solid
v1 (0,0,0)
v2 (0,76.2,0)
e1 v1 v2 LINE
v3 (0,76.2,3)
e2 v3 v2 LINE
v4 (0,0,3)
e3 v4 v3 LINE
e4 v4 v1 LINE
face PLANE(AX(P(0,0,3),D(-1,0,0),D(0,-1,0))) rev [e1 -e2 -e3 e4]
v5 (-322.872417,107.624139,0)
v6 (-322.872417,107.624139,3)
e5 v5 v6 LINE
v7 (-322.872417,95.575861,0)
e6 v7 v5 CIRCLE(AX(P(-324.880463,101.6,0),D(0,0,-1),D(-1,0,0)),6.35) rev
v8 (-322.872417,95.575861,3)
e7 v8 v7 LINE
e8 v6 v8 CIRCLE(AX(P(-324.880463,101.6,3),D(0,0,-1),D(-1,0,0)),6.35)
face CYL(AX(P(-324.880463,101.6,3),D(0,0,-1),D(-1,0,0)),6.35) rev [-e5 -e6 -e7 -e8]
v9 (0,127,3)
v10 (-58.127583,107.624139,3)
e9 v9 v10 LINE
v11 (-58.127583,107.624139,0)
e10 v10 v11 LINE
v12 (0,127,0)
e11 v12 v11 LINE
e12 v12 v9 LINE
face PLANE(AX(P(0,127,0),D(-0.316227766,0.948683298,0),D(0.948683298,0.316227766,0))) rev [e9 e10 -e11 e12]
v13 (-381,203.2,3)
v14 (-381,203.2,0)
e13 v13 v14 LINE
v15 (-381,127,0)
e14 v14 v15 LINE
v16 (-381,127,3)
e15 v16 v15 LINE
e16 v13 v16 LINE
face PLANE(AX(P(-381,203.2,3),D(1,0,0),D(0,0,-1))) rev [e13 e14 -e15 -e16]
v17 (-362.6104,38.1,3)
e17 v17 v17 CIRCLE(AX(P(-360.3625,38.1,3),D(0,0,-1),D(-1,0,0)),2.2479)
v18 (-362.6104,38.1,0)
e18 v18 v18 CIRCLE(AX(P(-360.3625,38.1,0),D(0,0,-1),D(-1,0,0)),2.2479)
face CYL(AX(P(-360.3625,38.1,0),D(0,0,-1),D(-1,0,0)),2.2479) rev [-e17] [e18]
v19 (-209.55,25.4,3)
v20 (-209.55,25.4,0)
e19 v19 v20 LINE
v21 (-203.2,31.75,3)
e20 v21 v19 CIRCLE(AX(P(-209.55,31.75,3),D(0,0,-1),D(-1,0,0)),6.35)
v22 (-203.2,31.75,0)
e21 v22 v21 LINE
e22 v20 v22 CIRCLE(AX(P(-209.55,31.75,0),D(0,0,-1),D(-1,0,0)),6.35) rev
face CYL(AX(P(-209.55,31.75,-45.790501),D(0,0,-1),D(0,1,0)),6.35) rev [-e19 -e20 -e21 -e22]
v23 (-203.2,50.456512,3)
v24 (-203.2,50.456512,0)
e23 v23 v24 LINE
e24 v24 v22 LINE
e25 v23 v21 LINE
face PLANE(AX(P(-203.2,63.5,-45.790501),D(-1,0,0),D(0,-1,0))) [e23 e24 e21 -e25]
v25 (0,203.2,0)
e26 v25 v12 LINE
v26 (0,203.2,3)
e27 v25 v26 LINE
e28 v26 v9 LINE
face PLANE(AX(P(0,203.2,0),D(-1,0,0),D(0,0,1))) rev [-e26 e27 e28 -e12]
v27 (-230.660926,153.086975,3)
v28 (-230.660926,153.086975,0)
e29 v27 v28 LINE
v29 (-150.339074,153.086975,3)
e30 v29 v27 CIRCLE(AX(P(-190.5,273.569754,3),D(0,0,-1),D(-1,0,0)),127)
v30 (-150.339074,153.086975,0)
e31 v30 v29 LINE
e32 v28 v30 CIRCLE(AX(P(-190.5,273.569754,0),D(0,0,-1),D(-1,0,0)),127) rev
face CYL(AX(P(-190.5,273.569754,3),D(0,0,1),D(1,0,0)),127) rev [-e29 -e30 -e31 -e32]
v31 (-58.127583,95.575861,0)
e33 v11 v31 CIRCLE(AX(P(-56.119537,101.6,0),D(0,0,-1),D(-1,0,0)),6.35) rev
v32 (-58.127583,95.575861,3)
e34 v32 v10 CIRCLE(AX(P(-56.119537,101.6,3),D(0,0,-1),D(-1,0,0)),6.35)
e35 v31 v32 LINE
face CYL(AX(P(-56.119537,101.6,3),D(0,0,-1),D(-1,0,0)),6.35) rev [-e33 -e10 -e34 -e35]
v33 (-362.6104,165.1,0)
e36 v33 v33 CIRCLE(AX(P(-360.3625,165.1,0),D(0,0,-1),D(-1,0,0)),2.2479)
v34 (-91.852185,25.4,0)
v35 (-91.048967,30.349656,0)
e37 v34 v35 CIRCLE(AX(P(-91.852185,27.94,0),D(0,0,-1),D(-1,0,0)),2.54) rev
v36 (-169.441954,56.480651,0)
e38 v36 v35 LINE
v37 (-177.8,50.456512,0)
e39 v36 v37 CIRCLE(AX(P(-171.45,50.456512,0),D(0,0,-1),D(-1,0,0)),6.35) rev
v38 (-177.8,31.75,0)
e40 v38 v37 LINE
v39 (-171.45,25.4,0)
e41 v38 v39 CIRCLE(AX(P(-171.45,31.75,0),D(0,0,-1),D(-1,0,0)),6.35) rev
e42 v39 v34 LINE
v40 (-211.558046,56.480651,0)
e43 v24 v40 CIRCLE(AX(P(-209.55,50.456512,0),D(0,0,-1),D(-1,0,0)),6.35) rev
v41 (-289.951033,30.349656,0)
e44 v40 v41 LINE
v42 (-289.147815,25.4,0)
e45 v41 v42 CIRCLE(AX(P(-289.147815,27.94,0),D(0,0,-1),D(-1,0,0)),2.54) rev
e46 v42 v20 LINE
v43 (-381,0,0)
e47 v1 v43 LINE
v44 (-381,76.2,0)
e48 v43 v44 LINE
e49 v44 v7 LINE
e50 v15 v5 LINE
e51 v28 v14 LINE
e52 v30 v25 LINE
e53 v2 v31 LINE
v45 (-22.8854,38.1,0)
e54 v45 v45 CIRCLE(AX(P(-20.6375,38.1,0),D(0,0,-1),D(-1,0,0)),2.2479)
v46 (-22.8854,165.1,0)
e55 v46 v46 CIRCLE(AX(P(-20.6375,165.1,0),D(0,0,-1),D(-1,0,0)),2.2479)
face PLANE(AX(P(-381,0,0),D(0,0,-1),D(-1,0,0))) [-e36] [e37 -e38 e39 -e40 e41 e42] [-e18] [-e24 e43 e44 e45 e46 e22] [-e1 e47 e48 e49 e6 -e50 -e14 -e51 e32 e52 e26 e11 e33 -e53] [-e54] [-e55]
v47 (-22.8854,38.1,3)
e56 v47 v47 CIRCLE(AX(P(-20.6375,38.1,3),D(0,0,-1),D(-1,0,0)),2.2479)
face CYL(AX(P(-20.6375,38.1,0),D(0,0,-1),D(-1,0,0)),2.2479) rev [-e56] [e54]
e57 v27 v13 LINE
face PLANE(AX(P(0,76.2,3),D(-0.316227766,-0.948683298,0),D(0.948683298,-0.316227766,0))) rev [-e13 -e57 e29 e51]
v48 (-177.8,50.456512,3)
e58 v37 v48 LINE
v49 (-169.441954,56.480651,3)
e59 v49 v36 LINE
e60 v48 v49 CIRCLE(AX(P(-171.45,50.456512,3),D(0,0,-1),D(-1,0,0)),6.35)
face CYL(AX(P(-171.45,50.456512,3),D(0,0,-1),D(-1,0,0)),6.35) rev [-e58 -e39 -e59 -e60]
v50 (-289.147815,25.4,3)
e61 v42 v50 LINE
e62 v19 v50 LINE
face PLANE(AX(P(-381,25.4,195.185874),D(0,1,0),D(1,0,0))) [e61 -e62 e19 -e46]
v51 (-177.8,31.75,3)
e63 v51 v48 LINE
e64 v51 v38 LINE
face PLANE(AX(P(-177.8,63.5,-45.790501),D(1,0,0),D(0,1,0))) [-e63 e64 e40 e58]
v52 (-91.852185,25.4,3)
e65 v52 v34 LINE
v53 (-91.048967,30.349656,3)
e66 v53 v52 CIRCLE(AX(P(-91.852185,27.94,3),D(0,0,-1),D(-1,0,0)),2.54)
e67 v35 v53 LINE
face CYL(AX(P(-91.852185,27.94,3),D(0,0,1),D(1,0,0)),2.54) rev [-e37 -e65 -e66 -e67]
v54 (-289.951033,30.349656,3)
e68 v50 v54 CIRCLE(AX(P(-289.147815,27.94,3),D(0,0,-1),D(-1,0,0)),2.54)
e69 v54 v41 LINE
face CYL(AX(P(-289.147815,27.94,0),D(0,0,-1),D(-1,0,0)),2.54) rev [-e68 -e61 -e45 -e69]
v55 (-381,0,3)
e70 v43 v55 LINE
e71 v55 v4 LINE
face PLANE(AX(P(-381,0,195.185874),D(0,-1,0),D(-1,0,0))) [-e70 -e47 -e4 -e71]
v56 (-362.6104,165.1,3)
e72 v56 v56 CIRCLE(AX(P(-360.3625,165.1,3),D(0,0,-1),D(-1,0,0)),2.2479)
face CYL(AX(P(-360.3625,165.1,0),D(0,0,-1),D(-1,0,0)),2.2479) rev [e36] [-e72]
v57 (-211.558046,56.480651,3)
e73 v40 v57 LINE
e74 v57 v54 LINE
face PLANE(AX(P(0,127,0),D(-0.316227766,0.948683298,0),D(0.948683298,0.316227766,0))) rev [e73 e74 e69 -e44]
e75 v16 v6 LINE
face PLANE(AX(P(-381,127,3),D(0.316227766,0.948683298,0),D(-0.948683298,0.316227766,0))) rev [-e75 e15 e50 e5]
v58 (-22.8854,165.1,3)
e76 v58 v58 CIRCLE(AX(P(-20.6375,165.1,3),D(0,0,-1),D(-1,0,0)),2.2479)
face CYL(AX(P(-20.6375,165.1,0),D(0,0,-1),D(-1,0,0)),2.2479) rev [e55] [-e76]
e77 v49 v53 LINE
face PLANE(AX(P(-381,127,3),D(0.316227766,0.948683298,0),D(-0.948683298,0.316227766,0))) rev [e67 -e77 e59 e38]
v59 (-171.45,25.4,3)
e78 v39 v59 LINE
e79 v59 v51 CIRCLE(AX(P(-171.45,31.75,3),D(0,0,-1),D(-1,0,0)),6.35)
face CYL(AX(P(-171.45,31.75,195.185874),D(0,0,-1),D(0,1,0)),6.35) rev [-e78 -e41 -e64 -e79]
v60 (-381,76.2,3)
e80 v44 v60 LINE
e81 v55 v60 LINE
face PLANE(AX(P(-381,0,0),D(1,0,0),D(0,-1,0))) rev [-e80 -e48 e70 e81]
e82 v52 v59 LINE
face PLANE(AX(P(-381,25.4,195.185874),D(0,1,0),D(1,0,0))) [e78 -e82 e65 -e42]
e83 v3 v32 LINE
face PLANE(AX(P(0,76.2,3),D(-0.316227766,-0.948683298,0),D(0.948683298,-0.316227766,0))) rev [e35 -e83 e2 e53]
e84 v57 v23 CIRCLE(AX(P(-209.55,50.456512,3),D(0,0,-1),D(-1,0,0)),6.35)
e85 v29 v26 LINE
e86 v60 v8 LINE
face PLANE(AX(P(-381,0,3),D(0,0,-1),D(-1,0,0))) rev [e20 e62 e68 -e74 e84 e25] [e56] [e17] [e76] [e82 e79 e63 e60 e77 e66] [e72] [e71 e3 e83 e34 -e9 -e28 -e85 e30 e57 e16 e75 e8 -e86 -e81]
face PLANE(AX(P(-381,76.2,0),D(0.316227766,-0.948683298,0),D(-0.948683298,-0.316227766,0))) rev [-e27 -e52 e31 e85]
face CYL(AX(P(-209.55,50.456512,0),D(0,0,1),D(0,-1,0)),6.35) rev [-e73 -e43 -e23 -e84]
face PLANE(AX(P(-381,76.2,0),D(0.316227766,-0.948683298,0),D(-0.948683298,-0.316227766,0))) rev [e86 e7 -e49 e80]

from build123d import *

# Parameters (mm, degrees)
BOSS_EXTRUDE1_DEPTH   = 3
SKETCH3_W             = 190.5
SKETCH3_H             = 25.4
BOSS_EXTRUDE2_DEPTH   = 3
BODY_MOVE_COPY1_ANGLE = 180
SKETCH5_W             = 25.4
SKETCH5_H             = 38.1
BOSS_EXTRUDE3_DEPTH   = 3
FILLET1_R             = 127
FILLET2_R             = 6.35
FILLET3_R             = 2.54
F_8_CLEARANCE_HOLE1_D = 4.4958


with BuildPart() as part:
    # Sketch1 → Boss-Extrude1 (new body)
    with BuildSketch(Plane.XY):
        Polygon((-381, 127), (0, 0), (0, 76.2), (-381, 203.2), align=None)
    extrude(amount=BOSS_EXTRUDE1_DEPTH)

    # Sketch3 → Boss-Extrude2 (add)
    with BuildSketch(Plane.XY.offset(3)):
        with Locations((-95.25, 12.7)):
            Rectangle(SKETCH3_W, SKETCH3_H)
    extrude(amount=-BOSS_EXTRUDE2_DEPTH)


with BuildPart() as body_2:
    # Body-Move_Copy1: copy of part
    add(part.part.rotate(Axis((-190.5, 0, 1.5), (0, 1, 0)), BODY_MOVE_COPY1_ANGLE))

    # Combine1: union part
    add(part.part)

    # Sketch5 → Boss-Extrude3 (add)
    with BuildSketch(Plane.XY.offset(3)):
        with Locations((-190.5, 44.45)):
            Rectangle(SKETCH5_W, SKETCH5_H)
    extrude(amount=-BOSS_EXTRUDE3_DEPTH)

    # Fillet1
    fillet1_edges = [body_2.edges().sort_by_distance(p)[0] for p in [
        (-190.5, 139.7, 1.5),
    ]]
    fillet(fillet1_edges, radius=FILLET1_R)

    # Fillet2
    fillet2_edges = [body_2.edges().sort_by_distance(p)[0] for p in [
        (-304.8, 101.6, 1.5),
        (-76.2, 101.6, 1.5),
        (-177.8, 59.266666667, 1.5),
        (-203.2, 25.4, 1.5),
        (-177.8, 25.4, 1.5),
        (-203.2, 59.266666667, 1.5),
    ]]
    fillet(fillet2_edges, radius=FILLET2_R)

    # Fillet3
    fillet3_edges = [body_2.edges().sort_by_distance(p)[0] for p in [
        (-304.8, 25.4, 1.5),
        (-76.2, 25.4, 1.5),
    ]]
    fillet(fillet3_edges, radius=FILLET3_R)

    # 8 Clearance Hole1 (through all)
    with Locations(Plane(origin=(0, 0, 0), x_dir=(-1, 0, 0), z_dir=(0, 0, -1))):
        with Locations((20.6375, 165.1), (360.3625, 165.1), (20.6375, 38.1), (360.3625, 38.1)):
            Hole(F_8_CLEARANCE_HOLE1_D / 2)


solid = body_2.part
